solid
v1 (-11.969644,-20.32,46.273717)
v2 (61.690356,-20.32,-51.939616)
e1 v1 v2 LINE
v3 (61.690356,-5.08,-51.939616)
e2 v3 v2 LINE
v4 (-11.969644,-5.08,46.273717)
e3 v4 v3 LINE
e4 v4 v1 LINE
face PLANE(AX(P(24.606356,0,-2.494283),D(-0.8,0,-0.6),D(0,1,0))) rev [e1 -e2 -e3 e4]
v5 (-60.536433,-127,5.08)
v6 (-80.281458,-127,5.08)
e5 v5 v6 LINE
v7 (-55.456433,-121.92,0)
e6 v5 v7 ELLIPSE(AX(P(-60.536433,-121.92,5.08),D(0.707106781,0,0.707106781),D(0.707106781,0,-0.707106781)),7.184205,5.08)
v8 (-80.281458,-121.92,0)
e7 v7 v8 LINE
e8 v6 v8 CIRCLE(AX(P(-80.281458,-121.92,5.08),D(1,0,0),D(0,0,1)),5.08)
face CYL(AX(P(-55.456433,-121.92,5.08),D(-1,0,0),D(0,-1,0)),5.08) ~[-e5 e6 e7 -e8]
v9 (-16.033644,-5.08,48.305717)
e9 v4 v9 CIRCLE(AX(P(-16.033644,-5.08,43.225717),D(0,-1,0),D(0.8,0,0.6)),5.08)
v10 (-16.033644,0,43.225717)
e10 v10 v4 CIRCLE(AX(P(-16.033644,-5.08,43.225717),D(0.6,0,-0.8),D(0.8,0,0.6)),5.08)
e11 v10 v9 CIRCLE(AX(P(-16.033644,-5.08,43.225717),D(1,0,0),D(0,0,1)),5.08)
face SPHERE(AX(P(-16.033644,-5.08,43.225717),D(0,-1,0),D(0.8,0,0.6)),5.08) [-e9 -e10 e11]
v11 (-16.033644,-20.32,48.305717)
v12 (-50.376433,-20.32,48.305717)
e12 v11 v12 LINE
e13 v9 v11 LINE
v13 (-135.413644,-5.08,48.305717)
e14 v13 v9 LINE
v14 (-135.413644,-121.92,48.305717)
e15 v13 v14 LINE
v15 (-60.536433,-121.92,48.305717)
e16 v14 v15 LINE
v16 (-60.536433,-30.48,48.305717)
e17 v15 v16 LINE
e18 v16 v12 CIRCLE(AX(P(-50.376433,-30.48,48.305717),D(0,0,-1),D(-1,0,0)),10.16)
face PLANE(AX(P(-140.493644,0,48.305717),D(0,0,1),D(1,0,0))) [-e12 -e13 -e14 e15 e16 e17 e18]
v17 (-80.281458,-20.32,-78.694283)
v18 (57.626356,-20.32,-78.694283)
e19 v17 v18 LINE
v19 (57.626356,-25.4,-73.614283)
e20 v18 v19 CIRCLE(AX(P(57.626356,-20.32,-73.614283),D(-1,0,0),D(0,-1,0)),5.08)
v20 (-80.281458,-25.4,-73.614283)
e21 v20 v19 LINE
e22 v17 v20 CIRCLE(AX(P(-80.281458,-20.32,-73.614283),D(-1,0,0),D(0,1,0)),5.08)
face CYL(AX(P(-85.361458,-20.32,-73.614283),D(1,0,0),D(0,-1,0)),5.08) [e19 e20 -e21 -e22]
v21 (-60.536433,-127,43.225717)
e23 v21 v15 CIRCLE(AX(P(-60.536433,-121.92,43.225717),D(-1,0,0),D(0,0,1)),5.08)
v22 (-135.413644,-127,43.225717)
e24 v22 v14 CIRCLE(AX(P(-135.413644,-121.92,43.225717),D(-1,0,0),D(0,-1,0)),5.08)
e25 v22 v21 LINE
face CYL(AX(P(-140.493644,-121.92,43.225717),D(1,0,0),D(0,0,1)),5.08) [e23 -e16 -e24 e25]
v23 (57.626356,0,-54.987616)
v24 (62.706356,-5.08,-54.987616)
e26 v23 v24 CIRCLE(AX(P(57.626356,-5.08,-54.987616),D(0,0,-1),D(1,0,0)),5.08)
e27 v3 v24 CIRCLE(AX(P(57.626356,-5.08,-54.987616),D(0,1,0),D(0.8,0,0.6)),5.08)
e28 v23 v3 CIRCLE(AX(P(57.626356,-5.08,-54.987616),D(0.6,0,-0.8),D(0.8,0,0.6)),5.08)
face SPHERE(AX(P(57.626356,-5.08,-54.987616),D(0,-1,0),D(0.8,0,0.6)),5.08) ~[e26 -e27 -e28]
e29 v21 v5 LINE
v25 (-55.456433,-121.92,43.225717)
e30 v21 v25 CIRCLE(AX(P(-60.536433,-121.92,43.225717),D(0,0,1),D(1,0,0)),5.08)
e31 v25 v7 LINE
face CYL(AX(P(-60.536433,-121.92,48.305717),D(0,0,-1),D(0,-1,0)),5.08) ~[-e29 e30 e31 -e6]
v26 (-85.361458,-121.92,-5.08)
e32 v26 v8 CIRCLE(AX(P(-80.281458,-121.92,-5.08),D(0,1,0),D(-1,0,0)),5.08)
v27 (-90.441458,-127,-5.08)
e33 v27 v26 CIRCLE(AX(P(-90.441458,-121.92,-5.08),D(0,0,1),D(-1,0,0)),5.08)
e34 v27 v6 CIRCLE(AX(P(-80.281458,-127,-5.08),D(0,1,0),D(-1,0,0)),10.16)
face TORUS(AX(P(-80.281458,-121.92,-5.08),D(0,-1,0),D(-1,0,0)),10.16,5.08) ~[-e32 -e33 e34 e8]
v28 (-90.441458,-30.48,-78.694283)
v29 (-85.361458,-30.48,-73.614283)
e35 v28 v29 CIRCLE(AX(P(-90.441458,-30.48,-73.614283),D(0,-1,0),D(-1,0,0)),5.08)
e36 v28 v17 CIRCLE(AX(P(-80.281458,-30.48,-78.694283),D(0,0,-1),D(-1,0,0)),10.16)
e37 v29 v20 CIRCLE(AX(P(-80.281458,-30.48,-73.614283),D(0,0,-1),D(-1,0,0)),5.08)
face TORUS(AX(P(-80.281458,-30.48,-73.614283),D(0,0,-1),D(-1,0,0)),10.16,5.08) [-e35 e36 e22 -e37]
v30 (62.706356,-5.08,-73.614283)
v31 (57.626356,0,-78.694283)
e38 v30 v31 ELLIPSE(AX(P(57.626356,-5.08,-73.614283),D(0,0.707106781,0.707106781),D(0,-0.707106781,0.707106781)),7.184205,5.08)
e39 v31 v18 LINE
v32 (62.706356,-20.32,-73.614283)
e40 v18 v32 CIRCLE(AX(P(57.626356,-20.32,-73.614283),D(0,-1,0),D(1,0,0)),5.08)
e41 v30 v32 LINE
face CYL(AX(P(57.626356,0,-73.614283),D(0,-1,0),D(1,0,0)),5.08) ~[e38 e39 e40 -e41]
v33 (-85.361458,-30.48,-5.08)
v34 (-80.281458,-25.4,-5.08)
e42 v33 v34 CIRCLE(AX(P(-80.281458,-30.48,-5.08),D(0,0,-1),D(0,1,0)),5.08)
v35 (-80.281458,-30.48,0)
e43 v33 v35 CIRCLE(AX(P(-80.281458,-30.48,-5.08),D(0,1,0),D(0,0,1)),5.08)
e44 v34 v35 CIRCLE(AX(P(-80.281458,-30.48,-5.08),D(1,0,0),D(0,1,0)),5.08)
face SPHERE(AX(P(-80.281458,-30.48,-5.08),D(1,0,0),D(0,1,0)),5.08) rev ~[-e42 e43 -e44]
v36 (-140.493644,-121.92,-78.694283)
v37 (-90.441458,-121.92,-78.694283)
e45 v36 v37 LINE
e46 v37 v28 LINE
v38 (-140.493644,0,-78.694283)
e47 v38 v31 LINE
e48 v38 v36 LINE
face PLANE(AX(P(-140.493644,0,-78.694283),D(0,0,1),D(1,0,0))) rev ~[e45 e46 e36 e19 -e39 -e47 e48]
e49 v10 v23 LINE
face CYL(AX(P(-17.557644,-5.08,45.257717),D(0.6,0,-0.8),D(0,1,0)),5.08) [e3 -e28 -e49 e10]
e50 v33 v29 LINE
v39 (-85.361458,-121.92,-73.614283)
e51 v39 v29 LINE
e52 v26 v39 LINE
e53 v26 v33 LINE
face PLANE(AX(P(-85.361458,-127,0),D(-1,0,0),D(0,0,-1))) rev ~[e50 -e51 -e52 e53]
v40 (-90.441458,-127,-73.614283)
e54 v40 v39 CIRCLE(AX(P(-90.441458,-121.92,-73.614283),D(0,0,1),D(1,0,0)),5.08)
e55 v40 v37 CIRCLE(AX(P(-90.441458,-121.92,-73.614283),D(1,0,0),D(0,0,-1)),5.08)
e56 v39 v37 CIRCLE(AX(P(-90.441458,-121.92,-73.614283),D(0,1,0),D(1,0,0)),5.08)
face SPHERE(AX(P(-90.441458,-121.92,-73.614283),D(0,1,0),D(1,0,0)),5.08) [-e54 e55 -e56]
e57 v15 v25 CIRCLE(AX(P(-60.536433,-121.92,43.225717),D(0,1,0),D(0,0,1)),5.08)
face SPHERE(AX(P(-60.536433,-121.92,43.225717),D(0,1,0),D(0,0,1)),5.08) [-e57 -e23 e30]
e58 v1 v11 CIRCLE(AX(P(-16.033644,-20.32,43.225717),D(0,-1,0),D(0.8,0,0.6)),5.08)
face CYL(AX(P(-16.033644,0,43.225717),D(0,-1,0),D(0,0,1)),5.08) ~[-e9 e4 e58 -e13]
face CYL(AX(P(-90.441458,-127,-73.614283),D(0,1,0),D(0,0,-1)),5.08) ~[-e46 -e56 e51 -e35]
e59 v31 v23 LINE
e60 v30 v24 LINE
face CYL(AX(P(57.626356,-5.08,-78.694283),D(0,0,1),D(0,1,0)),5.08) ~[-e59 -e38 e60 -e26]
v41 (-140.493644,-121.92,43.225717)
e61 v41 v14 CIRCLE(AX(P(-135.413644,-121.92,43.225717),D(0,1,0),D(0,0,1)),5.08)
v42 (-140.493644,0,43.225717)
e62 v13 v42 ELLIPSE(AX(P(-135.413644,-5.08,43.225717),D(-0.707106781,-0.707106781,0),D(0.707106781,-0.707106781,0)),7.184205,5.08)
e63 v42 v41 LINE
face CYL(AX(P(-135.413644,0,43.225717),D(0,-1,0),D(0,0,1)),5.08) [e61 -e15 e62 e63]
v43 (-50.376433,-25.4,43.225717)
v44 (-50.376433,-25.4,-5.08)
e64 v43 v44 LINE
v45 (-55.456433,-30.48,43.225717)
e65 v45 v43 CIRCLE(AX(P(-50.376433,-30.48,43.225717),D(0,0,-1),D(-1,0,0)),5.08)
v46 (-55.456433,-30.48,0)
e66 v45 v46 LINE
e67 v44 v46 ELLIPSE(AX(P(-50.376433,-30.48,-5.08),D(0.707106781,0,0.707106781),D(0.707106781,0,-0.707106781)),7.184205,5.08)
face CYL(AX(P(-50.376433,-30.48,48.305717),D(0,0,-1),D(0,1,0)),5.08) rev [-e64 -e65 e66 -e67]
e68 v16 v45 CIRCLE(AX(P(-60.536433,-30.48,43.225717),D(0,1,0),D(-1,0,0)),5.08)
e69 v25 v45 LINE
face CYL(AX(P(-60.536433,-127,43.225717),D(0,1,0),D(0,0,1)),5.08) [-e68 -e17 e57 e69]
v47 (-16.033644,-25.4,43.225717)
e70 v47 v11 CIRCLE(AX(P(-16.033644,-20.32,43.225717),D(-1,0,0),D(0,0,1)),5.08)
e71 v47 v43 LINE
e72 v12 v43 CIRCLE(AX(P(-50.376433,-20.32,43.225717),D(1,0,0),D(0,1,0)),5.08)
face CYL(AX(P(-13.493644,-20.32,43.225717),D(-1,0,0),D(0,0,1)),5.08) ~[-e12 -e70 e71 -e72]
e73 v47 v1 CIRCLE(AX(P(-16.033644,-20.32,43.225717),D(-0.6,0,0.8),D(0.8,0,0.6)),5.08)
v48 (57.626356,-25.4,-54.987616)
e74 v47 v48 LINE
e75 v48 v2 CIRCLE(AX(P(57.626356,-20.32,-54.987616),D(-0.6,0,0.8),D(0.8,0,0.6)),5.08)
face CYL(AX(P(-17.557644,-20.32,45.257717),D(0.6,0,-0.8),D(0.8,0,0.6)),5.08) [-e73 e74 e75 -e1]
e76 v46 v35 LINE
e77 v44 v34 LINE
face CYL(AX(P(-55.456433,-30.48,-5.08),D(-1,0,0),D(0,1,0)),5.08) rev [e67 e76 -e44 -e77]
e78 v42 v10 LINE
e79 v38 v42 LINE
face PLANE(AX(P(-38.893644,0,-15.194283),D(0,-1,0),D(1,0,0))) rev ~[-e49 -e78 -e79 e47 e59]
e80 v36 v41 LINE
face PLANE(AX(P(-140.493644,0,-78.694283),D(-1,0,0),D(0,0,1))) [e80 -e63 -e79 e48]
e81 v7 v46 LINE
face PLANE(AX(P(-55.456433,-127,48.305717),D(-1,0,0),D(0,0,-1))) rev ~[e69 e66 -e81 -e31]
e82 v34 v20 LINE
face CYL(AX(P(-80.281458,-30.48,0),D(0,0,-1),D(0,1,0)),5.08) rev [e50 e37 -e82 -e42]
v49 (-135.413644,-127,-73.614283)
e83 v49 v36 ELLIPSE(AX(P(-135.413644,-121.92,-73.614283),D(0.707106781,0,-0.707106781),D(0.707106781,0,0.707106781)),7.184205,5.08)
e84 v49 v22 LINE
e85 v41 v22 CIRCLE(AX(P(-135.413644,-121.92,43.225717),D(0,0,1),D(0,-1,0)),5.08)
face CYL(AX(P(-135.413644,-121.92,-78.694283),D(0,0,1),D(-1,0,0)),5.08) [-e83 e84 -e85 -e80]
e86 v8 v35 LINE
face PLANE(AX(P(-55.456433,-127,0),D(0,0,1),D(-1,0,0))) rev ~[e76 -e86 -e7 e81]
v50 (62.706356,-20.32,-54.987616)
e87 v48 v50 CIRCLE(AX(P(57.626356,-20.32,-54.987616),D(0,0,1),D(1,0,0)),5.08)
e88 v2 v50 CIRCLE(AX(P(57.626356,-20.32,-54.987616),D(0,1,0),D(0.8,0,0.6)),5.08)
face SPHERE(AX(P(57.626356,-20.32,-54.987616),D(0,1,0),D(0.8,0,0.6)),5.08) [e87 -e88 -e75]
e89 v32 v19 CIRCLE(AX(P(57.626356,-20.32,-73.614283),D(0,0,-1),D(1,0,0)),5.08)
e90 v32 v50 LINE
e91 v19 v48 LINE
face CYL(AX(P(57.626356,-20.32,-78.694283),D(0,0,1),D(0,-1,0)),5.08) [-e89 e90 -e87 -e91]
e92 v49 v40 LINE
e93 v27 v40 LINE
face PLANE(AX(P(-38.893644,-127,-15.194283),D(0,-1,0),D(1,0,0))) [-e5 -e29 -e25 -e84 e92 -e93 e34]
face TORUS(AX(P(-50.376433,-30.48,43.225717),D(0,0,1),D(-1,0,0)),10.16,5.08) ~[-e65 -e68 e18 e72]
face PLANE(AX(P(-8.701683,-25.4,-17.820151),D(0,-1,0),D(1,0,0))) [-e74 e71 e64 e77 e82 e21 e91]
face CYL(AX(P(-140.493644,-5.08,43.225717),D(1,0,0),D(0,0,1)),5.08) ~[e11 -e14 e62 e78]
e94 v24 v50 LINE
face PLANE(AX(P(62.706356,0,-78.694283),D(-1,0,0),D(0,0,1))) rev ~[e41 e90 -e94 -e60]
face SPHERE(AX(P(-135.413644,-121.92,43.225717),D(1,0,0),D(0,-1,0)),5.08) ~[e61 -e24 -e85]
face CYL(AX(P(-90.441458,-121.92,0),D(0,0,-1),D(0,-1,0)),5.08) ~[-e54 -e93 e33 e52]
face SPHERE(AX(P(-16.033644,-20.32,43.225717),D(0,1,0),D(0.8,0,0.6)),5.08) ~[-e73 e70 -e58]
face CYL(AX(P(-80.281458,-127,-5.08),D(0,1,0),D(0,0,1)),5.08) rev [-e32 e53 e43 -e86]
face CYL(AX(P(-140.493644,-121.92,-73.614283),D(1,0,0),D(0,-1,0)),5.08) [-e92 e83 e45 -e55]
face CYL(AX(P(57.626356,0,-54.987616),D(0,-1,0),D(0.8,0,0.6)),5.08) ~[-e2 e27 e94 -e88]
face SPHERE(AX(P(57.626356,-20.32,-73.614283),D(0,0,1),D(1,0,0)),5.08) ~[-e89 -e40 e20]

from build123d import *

# Parameters (mm, degrees)
F0_W     = 203.2
F0_H     = 127
F1_DEPTH = 127
F3_DEPTH = 101.6
F4_SIZE2 = 101.6
F4_SIZE  = 76.2
F5_R     = 5.08


with BuildPart() as f1:
    # F0 (on Front) → F1 (new body)
    with BuildSketch(Plane.XZ):
        with Locations((-38.8936437666, -15.1942830797)):
            Rectangle(F0_W, F0_H)
    extrude(amount=F1_DEPTH)

    # F2 (on face) → F3 (cut)
    with BuildSketch(Plane.XZ.offset(127)):
        Polygon((62.7063562334, 48.3057169203), (-55.4564334452, 48.3057169203), (-55.4564334452, 0), (-85.3614583611, 0), (-85.3614583611, -78.6942830797), (62.7063562334, -78.6942830797), align=None)
    extrude(amount=-F3_DEPTH, mode=Mode.SUBTRACT)

    # F4
    f4_edges = [f1.edges().sort_by_distance(p)[0] for p in [
        (62.706356, -12.7, 48.305717),
    ]]
    f4_side = f1.faces().sort_by_distance((-75.879953, -52.452457, 48.305717))[0]
    chamfer(f4_edges, length=F4_SIZE, length2=F4_SIZE2, reference=f4_side)

    # F5
    f5_edges = [f1.edges().sort_by_distance(p)[0] for p in [
        (-55.456433, -76.2, 48.305717),
        (-34.475039, -25.4, 48.305717),
        (-13.493644, -12.7, 48.305717),
        (62.706356, -12.7, -53.294283),
        (24.606356, -25.4, -2.494283),
        (24.606356, 0, -2.494283),
        (62.706356, -25.4, -65.994283),
        (62.706356, -12.7, -78.694283),
        (62.706356, 0, -65.994283),
        (-55.456433, -25.4, 24.152858),
        (-70.408946, -25.4, 0),
        (-11.327551, -25.4, -78.694283),
        (-85.361458, -25.4, -39.347142),
        (-85.361458, -76.2, 0),
        (-85.361458, -76.2, -78.694283),
        (-85.361458, -127, -39.347142),
        (-97.975039, -127, 48.305717),
        (-55.456433, -127, 24.152858),
        (-70.408946, -127, 0),
        (-112.927551, -127, -78.694283),
        (-140.493644, -127, -15.194283),
        (-76.993644, 0, 48.305717),
        (-140.493644, -63.5, 48.305717),
    ]]
    fillet(f5_edges, radius=F5_R)


solid = f1.part
